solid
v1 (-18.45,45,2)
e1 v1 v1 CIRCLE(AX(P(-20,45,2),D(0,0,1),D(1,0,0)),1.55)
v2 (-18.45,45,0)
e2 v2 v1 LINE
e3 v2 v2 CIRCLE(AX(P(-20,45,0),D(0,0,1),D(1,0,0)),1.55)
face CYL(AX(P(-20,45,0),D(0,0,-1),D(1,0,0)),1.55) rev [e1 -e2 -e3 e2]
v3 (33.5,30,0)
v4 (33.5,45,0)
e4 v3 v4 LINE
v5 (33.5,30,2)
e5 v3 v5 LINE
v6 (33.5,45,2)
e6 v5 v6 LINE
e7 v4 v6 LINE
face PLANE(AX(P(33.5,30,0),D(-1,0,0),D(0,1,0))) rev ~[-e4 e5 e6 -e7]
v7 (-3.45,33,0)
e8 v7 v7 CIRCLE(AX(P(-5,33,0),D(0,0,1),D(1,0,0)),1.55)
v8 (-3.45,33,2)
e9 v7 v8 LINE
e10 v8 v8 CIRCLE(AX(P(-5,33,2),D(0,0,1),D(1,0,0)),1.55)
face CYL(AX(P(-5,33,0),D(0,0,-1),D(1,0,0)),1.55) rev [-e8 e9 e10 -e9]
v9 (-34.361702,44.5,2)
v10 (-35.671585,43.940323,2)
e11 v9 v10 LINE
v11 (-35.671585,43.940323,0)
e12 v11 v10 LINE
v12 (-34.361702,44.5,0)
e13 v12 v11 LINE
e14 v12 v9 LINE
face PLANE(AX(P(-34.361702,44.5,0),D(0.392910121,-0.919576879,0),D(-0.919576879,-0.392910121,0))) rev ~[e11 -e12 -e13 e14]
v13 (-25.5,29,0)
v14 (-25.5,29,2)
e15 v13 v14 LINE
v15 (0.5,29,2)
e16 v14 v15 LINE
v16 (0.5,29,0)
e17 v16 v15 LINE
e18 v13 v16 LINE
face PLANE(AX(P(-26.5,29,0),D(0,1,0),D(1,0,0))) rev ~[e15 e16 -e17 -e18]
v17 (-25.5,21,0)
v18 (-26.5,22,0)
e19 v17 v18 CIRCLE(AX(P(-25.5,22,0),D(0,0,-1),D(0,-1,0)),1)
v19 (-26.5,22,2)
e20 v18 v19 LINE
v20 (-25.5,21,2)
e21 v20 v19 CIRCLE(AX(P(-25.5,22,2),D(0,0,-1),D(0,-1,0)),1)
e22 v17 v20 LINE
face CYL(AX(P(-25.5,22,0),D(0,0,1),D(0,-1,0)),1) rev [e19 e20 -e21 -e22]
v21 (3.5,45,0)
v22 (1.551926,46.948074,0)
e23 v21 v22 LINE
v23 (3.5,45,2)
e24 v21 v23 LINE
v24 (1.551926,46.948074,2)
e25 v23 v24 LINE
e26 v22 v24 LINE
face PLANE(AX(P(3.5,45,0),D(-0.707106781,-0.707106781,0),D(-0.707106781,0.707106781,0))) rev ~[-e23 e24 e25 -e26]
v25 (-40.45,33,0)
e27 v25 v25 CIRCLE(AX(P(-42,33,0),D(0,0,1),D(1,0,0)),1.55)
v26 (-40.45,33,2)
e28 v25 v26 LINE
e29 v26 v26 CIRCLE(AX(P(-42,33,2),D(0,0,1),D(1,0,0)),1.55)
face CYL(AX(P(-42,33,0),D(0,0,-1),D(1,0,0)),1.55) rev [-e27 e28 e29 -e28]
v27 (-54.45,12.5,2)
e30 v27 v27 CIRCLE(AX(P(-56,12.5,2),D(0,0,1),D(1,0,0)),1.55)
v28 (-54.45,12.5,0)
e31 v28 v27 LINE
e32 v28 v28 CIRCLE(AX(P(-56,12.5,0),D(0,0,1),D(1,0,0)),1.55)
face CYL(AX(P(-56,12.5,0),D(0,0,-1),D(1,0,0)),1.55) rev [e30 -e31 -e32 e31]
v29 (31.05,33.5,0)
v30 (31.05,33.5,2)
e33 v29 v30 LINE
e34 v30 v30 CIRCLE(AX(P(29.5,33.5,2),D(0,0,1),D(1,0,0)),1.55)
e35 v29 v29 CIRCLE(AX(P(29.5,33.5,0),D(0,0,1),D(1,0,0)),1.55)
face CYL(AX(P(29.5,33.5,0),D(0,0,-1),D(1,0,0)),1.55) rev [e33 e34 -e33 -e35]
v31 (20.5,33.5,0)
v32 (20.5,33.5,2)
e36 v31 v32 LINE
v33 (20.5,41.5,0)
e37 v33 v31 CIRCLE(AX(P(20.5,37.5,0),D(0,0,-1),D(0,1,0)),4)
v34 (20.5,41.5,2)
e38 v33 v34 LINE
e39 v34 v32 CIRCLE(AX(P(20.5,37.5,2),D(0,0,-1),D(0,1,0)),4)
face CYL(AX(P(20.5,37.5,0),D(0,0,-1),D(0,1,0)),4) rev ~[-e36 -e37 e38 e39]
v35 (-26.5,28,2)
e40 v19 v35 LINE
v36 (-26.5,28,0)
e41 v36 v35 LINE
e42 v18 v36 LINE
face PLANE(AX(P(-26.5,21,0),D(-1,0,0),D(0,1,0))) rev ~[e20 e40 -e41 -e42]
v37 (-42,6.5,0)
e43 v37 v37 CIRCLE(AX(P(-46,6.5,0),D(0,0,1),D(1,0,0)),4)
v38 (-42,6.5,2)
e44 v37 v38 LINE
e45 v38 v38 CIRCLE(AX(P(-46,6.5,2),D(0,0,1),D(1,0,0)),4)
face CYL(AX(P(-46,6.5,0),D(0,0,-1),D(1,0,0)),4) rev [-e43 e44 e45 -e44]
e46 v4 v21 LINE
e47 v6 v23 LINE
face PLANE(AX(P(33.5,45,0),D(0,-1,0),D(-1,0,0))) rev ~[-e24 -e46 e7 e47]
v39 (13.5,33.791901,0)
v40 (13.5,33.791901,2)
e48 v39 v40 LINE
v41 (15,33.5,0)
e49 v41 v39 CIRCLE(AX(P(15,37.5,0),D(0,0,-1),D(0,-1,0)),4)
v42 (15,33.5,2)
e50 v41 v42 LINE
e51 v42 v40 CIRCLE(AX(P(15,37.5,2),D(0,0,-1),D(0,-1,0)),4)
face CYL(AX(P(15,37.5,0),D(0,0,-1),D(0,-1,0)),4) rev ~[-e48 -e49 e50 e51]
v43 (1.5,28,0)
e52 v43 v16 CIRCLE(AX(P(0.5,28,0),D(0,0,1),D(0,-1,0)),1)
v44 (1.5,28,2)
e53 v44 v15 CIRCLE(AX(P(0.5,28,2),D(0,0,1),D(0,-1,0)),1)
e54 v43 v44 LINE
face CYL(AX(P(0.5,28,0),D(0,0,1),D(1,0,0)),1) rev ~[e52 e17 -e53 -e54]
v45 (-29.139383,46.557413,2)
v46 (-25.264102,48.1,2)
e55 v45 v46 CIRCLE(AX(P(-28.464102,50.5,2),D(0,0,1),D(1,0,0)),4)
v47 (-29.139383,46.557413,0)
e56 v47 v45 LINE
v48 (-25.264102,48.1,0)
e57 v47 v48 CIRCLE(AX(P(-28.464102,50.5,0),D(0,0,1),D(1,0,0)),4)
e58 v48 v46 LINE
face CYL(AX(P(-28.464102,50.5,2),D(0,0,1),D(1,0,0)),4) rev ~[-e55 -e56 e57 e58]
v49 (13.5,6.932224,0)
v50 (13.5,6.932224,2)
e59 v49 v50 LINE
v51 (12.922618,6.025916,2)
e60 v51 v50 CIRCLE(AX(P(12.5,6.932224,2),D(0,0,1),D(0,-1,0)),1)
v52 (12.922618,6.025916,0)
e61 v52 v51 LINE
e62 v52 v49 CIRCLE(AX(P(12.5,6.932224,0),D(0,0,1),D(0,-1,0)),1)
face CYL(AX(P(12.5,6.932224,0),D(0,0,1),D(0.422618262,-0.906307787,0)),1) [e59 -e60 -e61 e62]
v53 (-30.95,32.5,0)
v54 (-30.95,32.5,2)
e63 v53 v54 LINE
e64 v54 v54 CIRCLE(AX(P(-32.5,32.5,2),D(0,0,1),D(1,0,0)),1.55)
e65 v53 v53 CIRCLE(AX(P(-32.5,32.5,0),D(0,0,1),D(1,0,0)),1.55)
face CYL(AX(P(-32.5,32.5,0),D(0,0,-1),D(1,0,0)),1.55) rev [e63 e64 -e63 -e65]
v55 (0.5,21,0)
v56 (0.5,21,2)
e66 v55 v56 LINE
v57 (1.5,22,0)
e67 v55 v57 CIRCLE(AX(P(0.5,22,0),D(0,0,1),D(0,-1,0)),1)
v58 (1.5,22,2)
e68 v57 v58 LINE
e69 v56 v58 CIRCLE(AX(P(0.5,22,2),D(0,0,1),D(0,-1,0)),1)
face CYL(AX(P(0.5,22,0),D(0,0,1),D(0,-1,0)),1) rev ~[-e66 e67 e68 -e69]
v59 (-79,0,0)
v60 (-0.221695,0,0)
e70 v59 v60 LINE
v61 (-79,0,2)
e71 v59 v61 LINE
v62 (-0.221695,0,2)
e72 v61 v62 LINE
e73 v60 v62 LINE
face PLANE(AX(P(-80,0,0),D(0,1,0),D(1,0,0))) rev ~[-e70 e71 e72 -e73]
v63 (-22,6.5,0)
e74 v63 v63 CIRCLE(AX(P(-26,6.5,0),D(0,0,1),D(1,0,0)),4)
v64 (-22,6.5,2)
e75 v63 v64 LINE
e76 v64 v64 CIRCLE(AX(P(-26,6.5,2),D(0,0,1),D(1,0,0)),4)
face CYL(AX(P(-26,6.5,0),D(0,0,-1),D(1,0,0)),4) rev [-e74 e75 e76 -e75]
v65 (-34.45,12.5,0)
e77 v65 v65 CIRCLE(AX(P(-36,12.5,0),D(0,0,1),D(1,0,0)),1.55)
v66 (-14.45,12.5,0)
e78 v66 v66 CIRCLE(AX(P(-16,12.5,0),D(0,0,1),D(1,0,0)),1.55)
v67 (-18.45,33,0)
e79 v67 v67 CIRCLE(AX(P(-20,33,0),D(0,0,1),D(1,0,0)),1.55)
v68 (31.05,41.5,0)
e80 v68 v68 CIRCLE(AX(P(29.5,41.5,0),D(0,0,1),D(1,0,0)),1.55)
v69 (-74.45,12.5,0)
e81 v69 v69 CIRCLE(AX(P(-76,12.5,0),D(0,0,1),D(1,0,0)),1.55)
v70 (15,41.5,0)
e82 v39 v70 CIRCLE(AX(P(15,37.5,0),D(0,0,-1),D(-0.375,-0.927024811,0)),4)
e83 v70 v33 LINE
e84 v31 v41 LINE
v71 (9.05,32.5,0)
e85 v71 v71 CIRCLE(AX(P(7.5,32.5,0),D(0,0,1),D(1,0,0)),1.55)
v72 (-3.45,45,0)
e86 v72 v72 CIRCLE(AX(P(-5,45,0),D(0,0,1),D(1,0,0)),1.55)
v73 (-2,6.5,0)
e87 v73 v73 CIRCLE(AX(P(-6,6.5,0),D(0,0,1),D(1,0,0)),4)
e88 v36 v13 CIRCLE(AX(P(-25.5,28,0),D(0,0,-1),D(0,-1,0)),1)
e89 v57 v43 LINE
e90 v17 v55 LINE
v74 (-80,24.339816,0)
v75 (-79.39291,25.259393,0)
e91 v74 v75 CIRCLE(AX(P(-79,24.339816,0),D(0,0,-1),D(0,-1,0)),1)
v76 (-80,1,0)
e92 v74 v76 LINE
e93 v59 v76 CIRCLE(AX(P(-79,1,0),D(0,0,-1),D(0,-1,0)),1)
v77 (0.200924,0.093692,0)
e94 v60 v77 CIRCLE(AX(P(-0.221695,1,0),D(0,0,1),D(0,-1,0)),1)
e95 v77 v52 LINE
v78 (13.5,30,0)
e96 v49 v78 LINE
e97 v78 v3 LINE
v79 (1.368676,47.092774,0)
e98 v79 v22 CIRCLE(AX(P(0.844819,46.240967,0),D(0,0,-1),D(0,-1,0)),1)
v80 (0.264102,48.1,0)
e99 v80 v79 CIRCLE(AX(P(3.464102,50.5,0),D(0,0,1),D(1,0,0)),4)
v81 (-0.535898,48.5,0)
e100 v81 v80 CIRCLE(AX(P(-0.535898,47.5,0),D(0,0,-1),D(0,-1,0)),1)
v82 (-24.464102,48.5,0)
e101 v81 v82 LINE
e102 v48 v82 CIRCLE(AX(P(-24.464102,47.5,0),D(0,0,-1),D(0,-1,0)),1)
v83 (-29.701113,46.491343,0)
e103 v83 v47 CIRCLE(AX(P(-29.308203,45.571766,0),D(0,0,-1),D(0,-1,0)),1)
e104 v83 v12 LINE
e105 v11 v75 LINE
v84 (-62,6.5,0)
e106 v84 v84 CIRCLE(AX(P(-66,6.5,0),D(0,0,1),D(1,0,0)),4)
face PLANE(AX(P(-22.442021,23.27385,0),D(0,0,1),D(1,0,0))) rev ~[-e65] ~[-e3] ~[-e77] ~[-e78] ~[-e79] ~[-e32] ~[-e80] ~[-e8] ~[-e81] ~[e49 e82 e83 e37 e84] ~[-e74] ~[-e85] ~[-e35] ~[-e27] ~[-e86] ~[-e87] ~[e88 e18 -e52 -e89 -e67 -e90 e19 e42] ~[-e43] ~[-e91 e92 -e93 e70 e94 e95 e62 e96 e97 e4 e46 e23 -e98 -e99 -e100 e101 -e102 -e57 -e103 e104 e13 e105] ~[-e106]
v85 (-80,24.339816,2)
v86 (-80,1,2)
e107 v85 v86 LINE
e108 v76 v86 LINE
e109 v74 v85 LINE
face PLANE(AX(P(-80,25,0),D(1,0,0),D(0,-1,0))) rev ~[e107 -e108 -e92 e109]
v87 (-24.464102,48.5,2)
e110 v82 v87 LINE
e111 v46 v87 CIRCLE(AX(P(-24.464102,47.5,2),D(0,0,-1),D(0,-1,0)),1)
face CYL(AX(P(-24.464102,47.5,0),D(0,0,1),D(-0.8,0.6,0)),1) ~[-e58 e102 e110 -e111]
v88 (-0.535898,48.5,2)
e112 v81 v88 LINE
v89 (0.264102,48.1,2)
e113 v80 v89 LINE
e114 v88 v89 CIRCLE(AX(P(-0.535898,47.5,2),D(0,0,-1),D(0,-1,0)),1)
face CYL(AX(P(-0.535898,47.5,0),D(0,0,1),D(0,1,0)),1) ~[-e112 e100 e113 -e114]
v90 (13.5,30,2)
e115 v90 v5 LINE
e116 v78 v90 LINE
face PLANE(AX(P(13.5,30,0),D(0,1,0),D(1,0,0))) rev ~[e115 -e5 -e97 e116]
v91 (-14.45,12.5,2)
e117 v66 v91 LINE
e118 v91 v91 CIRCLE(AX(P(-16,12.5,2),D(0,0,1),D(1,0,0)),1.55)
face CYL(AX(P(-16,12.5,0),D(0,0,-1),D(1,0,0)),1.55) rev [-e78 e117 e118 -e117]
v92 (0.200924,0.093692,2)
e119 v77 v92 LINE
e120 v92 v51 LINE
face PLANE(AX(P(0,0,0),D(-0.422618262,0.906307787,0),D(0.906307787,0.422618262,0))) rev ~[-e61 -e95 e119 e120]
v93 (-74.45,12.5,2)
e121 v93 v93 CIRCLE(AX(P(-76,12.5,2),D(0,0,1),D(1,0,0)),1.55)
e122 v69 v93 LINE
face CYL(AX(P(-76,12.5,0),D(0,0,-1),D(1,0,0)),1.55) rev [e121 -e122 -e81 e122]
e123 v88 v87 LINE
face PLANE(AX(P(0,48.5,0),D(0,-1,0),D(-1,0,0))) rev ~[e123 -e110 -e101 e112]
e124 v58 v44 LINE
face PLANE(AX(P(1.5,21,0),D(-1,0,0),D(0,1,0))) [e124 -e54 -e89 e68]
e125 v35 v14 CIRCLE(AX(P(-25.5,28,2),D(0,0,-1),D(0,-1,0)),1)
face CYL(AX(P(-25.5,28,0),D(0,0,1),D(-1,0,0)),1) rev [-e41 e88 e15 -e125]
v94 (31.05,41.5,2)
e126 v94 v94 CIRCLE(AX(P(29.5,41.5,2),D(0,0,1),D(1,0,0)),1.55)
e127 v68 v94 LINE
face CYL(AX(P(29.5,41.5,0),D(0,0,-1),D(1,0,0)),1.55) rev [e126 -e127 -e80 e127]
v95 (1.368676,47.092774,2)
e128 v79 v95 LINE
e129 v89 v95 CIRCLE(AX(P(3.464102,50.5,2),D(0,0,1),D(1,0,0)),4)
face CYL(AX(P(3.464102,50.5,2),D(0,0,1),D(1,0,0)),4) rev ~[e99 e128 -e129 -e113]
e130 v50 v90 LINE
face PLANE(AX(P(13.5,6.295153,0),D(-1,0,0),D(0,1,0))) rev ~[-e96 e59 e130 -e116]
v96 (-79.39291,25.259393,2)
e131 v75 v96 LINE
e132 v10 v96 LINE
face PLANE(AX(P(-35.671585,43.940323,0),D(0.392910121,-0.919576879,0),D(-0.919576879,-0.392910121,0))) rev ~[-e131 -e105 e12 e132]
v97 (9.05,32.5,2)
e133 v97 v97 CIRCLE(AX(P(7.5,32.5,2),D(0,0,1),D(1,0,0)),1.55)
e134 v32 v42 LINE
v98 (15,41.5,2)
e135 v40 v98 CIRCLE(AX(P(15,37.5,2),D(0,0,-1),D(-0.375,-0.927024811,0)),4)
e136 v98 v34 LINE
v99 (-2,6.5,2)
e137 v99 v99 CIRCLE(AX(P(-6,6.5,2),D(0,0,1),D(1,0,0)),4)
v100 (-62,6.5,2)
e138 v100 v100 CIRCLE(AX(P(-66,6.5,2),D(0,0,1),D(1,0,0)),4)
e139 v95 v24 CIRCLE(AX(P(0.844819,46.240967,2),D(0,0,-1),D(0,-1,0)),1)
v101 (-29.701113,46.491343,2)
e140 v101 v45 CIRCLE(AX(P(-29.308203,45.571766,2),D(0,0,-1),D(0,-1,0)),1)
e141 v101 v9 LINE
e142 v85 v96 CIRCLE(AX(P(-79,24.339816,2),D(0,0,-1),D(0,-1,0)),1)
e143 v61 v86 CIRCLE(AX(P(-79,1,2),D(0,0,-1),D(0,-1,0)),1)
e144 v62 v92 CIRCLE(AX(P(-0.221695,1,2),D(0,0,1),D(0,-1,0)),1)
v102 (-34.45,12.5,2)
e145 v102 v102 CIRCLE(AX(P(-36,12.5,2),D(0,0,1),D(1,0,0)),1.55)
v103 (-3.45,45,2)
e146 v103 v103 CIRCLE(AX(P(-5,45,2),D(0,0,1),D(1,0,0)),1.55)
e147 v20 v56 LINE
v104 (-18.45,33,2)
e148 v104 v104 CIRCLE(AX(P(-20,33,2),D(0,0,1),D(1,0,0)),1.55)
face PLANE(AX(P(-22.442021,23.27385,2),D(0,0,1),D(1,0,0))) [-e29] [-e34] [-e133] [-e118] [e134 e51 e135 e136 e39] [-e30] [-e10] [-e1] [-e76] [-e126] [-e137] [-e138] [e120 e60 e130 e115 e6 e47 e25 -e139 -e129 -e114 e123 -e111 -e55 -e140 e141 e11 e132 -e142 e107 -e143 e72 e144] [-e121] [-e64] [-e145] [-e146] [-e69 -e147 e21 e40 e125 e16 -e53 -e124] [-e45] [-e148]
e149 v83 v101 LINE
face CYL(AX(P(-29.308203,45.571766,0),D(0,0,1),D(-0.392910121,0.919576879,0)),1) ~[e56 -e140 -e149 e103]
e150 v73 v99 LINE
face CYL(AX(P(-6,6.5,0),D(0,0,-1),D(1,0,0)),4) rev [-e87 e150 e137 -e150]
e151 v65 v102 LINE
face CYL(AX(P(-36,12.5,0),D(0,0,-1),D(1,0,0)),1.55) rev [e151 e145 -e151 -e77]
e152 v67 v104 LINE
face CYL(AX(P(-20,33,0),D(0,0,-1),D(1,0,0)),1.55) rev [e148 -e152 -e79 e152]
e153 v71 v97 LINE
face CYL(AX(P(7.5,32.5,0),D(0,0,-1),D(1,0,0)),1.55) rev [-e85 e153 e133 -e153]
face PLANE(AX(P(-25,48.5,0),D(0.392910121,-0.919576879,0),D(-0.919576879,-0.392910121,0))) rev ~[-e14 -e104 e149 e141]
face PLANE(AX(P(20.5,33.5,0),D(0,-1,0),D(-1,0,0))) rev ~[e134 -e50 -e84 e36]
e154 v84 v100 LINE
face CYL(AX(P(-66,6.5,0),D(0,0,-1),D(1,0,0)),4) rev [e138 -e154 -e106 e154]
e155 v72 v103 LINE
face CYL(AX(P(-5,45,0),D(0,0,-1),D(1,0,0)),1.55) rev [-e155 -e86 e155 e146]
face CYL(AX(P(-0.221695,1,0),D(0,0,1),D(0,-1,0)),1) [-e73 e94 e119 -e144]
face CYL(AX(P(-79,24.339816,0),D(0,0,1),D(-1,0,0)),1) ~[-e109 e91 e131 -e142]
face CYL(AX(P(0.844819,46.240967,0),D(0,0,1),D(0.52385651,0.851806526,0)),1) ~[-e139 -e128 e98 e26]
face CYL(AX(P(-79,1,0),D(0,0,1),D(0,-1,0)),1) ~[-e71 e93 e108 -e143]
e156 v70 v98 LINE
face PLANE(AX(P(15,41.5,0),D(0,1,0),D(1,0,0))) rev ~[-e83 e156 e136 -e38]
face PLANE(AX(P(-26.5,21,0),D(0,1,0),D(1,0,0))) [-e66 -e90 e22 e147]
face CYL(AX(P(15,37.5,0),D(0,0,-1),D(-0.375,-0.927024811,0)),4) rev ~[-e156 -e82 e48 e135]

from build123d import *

# Parameters (mm, degrees)
SKETCH_1_R          = 4
SKETCH_1_R_2        = 1.55
SKETCH_1_W          = 28
SKETCH_1_H          = 8
EXTRUDE_1_DEPTH     = 2
SKETCH_2_R          = 4
CUT_EXTRUDE_1_DEPTH = 10
FILLET_2_R          = 1


with BuildPart() as part:
    # 草图1 → 凸台-拉伸1 (new body)
    with BuildSketch(Plane.XY):
        Polygon((-80, 0), (0, 0), (13.5, 6.295153385), (13.5, 30), (33.5, 30), (33.5, 45), (3.5, 45), (0, 48.5), (-25, 48.5), (-34.361702128, 44.5), (-35.671585242, 43.940322669), (-80, 25), align=None)
        with Locations((-66, 6.5)):
            Circle(SKETCH_1_R, mode=Mode.SUBTRACT)
        with Locations((-46, 6.5)):
            Circle(SKETCH_1_R, mode=Mode.SUBTRACT)
        with Locations((-76, 12.5)):
            Circle(SKETCH_1_R_2, mode=Mode.SUBTRACT)
        with Locations((-56, 12.5)):
            Circle(SKETCH_1_R_2, mode=Mode.SUBTRACT)
        with Locations((-36, 12.5)):
            Circle(SKETCH_1_R_2, mode=Mode.SUBTRACT)
        with Locations((-26, 6.5)):
            Circle(SKETCH_1_R, mode=Mode.SUBTRACT)
        with Locations((-6, 6.5)):
            Circle(SKETCH_1_R, mode=Mode.SUBTRACT)
        with Locations((-16, 12.5)):
            Circle(SKETCH_1_R_2, mode=Mode.SUBTRACT)
        with Locations((-42, 33)):
            Circle(SKETCH_1_R_2, mode=Mode.SUBTRACT)
        with Locations((-32.5, 32.5)):
            Circle(SKETCH_1_R_2, mode=Mode.SUBTRACT)
        with Locations((-12.5, 25)):
            Rectangle(SKETCH_1_W, SKETCH_1_H, mode=Mode.SUBTRACT)
        with Locations((-20, 33)):
            Circle(SKETCH_1_R_2, mode=Mode.SUBTRACT)
        with Locations((-5, 33)):
            Circle(SKETCH_1_R_2, mode=Mode.SUBTRACT)
        with Locations((7.5, 32.5)):
            Circle(SKETCH_1_R_2, mode=Mode.SUBTRACT)
        with Locations((29.5, 33.5)):
            Circle(SKETCH_1_R_2, mode=Mode.SUBTRACT)
        with Locations((-20, 45)):
            Circle(SKETCH_1_R_2, mode=Mode.SUBTRACT)
        with Locations((-5, 45)):
            Circle(SKETCH_1_R_2, mode=Mode.SUBTRACT)
        with BuildLine():
            ThreePointArc((13.5, 33.791900756), (11.07365329, 38.26406905), (15, 41.5))
            Line((15, 41.5), (20.5, 41.5))
            ThreePointArc((20.5, 41.5), (24.5, 37.5), (20.5, 33.5))
            Line((20.5, 33.5), (15, 33.5))
            ThreePointArc((15, 33.5), (14.23593095, 33.57365329), (13.5, 33.791900756))
        make_face(mode=Mode.SUBTRACT)
        with Locations((29.5, 41.5)):
            Circle(SKETCH_1_R_2, mode=Mode.SUBTRACT)
    extrude(amount=EXTRUDE_1_DEPTH)

    # 草图2 → 切除-拉伸1 (cut)
    with BuildSketch(Plane.XY.offset(2)):
        with Locations((3.464101615, 50.5)):
            Circle(SKETCH_2_R)
        with Locations((-28.464101615, 50.5)):
            Circle(SKETCH_2_R)
    extrude(amount=-CUT_EXTRUDE_1_DEPTH, mode=Mode.SUBTRACT)

    # 圆角2
    fillet_2_edges = [part.edges().sort_by_distance(p)[0] for p in [
        (1.464101615, 47.035898385, 1),
        (-29.413394303, 46.614276979, 1),
        (1.5, 21, 1),
        (1.5, 29, 1),
        (-26.5, 29, 1),
        (-26.5, 21, 1),
        (13.5, 6.295153385, 1),
        (0, 0, 1),
        (-80, 0, 1),
        (-80, 25, 1),
        (-25, 48.5, 1),
        (0, 48.5, 1),
    ]]
    fillet(fillet_2_edges, radius=FILLET_2_R)


solid = part.part
